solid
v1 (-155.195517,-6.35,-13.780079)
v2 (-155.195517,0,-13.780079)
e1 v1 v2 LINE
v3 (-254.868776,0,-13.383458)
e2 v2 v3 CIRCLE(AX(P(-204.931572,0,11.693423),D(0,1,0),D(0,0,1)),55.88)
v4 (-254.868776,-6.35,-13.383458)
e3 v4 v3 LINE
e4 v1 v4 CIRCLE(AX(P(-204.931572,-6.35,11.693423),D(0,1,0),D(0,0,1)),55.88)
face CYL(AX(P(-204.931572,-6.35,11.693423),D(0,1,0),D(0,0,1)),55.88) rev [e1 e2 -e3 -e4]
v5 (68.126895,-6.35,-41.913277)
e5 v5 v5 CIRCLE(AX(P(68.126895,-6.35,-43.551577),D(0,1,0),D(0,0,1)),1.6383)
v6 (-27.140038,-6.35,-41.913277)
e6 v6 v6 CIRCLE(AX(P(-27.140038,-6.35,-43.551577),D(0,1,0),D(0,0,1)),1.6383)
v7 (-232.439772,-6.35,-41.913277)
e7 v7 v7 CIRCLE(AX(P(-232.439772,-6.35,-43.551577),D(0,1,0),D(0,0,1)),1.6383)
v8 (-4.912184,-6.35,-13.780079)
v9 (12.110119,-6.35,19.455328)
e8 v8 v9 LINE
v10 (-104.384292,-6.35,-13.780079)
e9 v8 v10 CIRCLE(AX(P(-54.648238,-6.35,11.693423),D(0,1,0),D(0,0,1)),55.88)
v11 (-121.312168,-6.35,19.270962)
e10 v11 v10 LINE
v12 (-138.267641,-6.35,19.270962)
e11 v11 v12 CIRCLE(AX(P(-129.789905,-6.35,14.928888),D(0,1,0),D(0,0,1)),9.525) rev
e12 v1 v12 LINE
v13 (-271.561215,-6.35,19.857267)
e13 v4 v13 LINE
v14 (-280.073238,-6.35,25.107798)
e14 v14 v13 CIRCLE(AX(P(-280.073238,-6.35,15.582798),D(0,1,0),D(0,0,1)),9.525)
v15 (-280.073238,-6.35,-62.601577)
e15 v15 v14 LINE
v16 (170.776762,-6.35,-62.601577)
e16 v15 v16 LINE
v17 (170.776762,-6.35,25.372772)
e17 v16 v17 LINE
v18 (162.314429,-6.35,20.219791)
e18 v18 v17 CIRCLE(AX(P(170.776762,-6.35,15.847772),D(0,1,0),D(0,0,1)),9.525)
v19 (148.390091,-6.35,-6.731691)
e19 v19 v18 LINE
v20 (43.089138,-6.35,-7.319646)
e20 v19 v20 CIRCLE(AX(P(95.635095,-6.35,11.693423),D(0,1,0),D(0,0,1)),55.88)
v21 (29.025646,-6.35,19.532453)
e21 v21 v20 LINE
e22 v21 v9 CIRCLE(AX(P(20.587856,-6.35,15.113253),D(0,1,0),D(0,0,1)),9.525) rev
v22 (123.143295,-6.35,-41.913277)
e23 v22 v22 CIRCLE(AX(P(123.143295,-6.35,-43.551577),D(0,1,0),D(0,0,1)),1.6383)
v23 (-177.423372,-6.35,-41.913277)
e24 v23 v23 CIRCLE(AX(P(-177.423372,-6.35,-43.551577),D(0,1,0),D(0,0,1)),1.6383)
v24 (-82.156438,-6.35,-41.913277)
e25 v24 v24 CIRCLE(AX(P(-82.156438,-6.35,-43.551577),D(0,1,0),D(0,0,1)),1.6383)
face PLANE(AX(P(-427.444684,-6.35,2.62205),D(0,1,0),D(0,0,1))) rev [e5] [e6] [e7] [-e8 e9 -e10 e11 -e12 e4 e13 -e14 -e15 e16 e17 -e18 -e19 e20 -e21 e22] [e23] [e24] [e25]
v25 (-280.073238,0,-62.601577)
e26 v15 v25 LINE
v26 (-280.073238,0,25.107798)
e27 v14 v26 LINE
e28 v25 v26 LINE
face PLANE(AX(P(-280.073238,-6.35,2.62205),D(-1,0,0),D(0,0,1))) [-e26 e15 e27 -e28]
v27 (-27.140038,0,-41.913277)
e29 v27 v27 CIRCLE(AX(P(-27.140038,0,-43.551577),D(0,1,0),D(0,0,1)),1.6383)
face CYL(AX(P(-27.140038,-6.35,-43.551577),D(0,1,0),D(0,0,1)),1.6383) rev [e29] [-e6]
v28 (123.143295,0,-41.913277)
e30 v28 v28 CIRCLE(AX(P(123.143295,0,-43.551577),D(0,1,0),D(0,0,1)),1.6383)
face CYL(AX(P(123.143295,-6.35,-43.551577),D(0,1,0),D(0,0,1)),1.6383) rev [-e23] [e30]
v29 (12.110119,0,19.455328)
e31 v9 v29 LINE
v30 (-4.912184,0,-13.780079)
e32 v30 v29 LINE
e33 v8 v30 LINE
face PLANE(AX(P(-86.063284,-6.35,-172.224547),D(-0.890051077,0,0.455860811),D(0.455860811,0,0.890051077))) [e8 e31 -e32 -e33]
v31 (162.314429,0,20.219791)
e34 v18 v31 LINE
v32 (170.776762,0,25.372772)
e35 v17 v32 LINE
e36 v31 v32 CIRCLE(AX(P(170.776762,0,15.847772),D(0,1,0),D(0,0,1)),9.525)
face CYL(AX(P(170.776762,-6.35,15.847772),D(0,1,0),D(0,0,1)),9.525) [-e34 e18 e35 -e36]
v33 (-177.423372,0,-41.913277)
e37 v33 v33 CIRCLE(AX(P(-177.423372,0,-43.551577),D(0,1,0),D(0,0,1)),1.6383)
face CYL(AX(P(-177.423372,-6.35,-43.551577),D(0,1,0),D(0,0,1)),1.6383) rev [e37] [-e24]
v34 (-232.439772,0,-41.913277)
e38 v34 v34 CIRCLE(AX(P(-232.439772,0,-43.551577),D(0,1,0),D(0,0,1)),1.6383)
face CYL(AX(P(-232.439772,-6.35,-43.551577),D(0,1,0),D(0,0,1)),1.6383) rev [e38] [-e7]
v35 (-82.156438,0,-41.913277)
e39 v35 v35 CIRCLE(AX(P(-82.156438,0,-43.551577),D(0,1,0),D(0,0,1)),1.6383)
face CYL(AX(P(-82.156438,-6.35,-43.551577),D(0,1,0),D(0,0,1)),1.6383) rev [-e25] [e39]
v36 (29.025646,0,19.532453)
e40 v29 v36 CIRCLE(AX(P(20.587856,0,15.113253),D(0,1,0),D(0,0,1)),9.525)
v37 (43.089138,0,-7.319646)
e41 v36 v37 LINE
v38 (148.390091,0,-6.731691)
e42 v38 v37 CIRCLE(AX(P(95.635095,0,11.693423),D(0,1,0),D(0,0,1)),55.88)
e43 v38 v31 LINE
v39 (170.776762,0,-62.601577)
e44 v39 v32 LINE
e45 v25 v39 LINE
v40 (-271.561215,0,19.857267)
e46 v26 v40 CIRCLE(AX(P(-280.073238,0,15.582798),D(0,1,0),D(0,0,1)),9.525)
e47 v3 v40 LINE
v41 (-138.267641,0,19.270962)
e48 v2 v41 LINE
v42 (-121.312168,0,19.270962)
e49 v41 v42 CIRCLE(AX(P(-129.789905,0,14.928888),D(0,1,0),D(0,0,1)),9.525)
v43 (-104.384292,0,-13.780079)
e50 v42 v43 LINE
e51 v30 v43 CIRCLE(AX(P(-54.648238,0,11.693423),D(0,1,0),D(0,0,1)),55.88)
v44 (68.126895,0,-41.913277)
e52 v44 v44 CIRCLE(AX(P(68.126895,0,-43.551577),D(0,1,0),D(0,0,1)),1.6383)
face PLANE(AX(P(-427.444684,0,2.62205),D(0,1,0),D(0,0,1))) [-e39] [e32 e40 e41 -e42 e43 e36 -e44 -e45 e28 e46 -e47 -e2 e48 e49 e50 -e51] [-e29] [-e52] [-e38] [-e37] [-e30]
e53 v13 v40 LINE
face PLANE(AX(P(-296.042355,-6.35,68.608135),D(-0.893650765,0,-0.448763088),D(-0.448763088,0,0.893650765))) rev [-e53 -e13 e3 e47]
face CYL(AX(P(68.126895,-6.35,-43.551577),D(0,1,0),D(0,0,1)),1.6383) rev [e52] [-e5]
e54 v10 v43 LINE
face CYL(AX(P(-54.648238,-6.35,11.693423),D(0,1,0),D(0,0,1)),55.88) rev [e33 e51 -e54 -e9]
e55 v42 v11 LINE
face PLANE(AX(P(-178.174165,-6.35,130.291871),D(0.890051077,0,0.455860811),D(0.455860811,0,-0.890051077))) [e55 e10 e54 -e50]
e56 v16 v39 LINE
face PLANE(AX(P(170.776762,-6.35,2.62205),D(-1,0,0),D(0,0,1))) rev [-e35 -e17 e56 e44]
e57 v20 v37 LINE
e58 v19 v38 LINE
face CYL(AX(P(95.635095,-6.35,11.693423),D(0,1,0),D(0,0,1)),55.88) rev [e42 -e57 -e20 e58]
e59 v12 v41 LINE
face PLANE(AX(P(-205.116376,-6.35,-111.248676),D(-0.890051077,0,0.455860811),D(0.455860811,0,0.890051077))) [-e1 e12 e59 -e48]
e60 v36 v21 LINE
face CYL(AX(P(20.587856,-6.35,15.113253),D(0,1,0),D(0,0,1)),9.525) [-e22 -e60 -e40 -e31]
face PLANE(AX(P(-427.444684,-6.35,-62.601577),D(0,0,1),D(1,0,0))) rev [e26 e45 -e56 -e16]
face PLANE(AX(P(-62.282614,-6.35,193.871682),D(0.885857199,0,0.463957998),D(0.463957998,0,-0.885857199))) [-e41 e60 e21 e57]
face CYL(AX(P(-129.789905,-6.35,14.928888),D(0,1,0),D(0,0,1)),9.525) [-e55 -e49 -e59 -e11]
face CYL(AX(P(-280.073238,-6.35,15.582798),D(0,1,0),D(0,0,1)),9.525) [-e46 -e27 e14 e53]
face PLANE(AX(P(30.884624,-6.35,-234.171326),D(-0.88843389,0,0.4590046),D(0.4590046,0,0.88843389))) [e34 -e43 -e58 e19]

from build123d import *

# Parameters (mm, degrees)
SKETCH1_R           = 1.6383
BOSS_EXTRUDE1_DEPTH = 6.35
FILLET3_R           = 9.525


with BuildPart() as part:
    # Sketch1 → Boss-Extrude1 (new body)
    with BuildSketch(Plane(origin=(0, 0, 0), x_dir=(1, 0, 0), z_dir=(0, 1, 0))):
        with BuildLine():
            Line((-155.195517325, 13.78007871), (-129.789904869, -35.823423436))
            Line((-129.789904869, -35.823423436), (-104.384292413, 13.78007871))
            ThreePointArc((-104.384292413, 13.78007871), (-54.648238202, 44.186576564), (-4.912183992, 13.78007871))
            Line((-4.912183992, 13.78007871), (20.493428464, -35.823423436))
            Line((20.493428464, -35.823423436), (43.089138197, 7.319646013))
            ThreePointArc((43.089138197, 7.319646013), (95.947099994, 44.185705521), (148.390090675, 6.731691085))
            Line((148.390090675, 6.731691085), (162.314428993, -20.219790589))
            ThreePointArc((162.314428993, -20.219790589), (165.822867077, -23.983160647), (170.776761798, -25.372771775))
            Line((170.776761798, -25.372771775), (170.776761798, 62.601576564))
            Line((170.776761798, 62.601576564), (-280.073238202, 62.601576564))
            Line((-280.073238202, 62.601576564), (-280.073238202, -25.107798436))
            ThreePointArc((-280.073238202, -25.107798436), (-275.072672567, -23.689583762), (-271.561214661, -19.857266851))
            Line((-271.561214661, -19.857266851), (-254.868776311, 13.383457934))
            ThreePointArc((-254.868776311, 13.383457934), (-205.153928001, 44.186134164), (-155.195517325, 13.78007871))
        make_face()
        with Locations(Location((-232.439771536, 43.551576564, 0), (0, 0, 270))):
            Circle(SKETCH1_R, mode=Mode.SUBTRACT)
        with Locations(Location((-177.423371536, 43.551576564, 0), (0, 0, 270))):
            Circle(SKETCH1_R, mode=Mode.SUBTRACT)
        with Locations(Location((-27.140038202, 43.551576564, 0), (0, 0, 270))):
            Circle(SKETCH1_R, mode=Mode.SUBTRACT)
        with Locations(Location((-82.156438202, 43.551576564, 0), (0, 0, 270))):
            Circle(SKETCH1_R, mode=Mode.SUBTRACT)
        with Locations(Location((123.143295131, 43.551576564, 0), (0, 0, 270))):
            Circle(SKETCH1_R, mode=Mode.SUBTRACT)
        with Locations(Location((68.126895131, 43.551576564, 0), (0, 0, 270))):
            Circle(SKETCH1_R, mode=Mode.SUBTRACT)
    extrude(amount=-BOSS_EXTRUDE1_DEPTH)

    # Fillet3
    fillet3_edges = [part.edges().sort_by_distance(p)[0] for p in [
        (20.493428464, -3.175, 35.823423436),
        (-129.789904869, -3.175, 35.823423436),
    ]]
    fillet(fillet3_edges, radius=FILLET3_R)


solid = part.part
